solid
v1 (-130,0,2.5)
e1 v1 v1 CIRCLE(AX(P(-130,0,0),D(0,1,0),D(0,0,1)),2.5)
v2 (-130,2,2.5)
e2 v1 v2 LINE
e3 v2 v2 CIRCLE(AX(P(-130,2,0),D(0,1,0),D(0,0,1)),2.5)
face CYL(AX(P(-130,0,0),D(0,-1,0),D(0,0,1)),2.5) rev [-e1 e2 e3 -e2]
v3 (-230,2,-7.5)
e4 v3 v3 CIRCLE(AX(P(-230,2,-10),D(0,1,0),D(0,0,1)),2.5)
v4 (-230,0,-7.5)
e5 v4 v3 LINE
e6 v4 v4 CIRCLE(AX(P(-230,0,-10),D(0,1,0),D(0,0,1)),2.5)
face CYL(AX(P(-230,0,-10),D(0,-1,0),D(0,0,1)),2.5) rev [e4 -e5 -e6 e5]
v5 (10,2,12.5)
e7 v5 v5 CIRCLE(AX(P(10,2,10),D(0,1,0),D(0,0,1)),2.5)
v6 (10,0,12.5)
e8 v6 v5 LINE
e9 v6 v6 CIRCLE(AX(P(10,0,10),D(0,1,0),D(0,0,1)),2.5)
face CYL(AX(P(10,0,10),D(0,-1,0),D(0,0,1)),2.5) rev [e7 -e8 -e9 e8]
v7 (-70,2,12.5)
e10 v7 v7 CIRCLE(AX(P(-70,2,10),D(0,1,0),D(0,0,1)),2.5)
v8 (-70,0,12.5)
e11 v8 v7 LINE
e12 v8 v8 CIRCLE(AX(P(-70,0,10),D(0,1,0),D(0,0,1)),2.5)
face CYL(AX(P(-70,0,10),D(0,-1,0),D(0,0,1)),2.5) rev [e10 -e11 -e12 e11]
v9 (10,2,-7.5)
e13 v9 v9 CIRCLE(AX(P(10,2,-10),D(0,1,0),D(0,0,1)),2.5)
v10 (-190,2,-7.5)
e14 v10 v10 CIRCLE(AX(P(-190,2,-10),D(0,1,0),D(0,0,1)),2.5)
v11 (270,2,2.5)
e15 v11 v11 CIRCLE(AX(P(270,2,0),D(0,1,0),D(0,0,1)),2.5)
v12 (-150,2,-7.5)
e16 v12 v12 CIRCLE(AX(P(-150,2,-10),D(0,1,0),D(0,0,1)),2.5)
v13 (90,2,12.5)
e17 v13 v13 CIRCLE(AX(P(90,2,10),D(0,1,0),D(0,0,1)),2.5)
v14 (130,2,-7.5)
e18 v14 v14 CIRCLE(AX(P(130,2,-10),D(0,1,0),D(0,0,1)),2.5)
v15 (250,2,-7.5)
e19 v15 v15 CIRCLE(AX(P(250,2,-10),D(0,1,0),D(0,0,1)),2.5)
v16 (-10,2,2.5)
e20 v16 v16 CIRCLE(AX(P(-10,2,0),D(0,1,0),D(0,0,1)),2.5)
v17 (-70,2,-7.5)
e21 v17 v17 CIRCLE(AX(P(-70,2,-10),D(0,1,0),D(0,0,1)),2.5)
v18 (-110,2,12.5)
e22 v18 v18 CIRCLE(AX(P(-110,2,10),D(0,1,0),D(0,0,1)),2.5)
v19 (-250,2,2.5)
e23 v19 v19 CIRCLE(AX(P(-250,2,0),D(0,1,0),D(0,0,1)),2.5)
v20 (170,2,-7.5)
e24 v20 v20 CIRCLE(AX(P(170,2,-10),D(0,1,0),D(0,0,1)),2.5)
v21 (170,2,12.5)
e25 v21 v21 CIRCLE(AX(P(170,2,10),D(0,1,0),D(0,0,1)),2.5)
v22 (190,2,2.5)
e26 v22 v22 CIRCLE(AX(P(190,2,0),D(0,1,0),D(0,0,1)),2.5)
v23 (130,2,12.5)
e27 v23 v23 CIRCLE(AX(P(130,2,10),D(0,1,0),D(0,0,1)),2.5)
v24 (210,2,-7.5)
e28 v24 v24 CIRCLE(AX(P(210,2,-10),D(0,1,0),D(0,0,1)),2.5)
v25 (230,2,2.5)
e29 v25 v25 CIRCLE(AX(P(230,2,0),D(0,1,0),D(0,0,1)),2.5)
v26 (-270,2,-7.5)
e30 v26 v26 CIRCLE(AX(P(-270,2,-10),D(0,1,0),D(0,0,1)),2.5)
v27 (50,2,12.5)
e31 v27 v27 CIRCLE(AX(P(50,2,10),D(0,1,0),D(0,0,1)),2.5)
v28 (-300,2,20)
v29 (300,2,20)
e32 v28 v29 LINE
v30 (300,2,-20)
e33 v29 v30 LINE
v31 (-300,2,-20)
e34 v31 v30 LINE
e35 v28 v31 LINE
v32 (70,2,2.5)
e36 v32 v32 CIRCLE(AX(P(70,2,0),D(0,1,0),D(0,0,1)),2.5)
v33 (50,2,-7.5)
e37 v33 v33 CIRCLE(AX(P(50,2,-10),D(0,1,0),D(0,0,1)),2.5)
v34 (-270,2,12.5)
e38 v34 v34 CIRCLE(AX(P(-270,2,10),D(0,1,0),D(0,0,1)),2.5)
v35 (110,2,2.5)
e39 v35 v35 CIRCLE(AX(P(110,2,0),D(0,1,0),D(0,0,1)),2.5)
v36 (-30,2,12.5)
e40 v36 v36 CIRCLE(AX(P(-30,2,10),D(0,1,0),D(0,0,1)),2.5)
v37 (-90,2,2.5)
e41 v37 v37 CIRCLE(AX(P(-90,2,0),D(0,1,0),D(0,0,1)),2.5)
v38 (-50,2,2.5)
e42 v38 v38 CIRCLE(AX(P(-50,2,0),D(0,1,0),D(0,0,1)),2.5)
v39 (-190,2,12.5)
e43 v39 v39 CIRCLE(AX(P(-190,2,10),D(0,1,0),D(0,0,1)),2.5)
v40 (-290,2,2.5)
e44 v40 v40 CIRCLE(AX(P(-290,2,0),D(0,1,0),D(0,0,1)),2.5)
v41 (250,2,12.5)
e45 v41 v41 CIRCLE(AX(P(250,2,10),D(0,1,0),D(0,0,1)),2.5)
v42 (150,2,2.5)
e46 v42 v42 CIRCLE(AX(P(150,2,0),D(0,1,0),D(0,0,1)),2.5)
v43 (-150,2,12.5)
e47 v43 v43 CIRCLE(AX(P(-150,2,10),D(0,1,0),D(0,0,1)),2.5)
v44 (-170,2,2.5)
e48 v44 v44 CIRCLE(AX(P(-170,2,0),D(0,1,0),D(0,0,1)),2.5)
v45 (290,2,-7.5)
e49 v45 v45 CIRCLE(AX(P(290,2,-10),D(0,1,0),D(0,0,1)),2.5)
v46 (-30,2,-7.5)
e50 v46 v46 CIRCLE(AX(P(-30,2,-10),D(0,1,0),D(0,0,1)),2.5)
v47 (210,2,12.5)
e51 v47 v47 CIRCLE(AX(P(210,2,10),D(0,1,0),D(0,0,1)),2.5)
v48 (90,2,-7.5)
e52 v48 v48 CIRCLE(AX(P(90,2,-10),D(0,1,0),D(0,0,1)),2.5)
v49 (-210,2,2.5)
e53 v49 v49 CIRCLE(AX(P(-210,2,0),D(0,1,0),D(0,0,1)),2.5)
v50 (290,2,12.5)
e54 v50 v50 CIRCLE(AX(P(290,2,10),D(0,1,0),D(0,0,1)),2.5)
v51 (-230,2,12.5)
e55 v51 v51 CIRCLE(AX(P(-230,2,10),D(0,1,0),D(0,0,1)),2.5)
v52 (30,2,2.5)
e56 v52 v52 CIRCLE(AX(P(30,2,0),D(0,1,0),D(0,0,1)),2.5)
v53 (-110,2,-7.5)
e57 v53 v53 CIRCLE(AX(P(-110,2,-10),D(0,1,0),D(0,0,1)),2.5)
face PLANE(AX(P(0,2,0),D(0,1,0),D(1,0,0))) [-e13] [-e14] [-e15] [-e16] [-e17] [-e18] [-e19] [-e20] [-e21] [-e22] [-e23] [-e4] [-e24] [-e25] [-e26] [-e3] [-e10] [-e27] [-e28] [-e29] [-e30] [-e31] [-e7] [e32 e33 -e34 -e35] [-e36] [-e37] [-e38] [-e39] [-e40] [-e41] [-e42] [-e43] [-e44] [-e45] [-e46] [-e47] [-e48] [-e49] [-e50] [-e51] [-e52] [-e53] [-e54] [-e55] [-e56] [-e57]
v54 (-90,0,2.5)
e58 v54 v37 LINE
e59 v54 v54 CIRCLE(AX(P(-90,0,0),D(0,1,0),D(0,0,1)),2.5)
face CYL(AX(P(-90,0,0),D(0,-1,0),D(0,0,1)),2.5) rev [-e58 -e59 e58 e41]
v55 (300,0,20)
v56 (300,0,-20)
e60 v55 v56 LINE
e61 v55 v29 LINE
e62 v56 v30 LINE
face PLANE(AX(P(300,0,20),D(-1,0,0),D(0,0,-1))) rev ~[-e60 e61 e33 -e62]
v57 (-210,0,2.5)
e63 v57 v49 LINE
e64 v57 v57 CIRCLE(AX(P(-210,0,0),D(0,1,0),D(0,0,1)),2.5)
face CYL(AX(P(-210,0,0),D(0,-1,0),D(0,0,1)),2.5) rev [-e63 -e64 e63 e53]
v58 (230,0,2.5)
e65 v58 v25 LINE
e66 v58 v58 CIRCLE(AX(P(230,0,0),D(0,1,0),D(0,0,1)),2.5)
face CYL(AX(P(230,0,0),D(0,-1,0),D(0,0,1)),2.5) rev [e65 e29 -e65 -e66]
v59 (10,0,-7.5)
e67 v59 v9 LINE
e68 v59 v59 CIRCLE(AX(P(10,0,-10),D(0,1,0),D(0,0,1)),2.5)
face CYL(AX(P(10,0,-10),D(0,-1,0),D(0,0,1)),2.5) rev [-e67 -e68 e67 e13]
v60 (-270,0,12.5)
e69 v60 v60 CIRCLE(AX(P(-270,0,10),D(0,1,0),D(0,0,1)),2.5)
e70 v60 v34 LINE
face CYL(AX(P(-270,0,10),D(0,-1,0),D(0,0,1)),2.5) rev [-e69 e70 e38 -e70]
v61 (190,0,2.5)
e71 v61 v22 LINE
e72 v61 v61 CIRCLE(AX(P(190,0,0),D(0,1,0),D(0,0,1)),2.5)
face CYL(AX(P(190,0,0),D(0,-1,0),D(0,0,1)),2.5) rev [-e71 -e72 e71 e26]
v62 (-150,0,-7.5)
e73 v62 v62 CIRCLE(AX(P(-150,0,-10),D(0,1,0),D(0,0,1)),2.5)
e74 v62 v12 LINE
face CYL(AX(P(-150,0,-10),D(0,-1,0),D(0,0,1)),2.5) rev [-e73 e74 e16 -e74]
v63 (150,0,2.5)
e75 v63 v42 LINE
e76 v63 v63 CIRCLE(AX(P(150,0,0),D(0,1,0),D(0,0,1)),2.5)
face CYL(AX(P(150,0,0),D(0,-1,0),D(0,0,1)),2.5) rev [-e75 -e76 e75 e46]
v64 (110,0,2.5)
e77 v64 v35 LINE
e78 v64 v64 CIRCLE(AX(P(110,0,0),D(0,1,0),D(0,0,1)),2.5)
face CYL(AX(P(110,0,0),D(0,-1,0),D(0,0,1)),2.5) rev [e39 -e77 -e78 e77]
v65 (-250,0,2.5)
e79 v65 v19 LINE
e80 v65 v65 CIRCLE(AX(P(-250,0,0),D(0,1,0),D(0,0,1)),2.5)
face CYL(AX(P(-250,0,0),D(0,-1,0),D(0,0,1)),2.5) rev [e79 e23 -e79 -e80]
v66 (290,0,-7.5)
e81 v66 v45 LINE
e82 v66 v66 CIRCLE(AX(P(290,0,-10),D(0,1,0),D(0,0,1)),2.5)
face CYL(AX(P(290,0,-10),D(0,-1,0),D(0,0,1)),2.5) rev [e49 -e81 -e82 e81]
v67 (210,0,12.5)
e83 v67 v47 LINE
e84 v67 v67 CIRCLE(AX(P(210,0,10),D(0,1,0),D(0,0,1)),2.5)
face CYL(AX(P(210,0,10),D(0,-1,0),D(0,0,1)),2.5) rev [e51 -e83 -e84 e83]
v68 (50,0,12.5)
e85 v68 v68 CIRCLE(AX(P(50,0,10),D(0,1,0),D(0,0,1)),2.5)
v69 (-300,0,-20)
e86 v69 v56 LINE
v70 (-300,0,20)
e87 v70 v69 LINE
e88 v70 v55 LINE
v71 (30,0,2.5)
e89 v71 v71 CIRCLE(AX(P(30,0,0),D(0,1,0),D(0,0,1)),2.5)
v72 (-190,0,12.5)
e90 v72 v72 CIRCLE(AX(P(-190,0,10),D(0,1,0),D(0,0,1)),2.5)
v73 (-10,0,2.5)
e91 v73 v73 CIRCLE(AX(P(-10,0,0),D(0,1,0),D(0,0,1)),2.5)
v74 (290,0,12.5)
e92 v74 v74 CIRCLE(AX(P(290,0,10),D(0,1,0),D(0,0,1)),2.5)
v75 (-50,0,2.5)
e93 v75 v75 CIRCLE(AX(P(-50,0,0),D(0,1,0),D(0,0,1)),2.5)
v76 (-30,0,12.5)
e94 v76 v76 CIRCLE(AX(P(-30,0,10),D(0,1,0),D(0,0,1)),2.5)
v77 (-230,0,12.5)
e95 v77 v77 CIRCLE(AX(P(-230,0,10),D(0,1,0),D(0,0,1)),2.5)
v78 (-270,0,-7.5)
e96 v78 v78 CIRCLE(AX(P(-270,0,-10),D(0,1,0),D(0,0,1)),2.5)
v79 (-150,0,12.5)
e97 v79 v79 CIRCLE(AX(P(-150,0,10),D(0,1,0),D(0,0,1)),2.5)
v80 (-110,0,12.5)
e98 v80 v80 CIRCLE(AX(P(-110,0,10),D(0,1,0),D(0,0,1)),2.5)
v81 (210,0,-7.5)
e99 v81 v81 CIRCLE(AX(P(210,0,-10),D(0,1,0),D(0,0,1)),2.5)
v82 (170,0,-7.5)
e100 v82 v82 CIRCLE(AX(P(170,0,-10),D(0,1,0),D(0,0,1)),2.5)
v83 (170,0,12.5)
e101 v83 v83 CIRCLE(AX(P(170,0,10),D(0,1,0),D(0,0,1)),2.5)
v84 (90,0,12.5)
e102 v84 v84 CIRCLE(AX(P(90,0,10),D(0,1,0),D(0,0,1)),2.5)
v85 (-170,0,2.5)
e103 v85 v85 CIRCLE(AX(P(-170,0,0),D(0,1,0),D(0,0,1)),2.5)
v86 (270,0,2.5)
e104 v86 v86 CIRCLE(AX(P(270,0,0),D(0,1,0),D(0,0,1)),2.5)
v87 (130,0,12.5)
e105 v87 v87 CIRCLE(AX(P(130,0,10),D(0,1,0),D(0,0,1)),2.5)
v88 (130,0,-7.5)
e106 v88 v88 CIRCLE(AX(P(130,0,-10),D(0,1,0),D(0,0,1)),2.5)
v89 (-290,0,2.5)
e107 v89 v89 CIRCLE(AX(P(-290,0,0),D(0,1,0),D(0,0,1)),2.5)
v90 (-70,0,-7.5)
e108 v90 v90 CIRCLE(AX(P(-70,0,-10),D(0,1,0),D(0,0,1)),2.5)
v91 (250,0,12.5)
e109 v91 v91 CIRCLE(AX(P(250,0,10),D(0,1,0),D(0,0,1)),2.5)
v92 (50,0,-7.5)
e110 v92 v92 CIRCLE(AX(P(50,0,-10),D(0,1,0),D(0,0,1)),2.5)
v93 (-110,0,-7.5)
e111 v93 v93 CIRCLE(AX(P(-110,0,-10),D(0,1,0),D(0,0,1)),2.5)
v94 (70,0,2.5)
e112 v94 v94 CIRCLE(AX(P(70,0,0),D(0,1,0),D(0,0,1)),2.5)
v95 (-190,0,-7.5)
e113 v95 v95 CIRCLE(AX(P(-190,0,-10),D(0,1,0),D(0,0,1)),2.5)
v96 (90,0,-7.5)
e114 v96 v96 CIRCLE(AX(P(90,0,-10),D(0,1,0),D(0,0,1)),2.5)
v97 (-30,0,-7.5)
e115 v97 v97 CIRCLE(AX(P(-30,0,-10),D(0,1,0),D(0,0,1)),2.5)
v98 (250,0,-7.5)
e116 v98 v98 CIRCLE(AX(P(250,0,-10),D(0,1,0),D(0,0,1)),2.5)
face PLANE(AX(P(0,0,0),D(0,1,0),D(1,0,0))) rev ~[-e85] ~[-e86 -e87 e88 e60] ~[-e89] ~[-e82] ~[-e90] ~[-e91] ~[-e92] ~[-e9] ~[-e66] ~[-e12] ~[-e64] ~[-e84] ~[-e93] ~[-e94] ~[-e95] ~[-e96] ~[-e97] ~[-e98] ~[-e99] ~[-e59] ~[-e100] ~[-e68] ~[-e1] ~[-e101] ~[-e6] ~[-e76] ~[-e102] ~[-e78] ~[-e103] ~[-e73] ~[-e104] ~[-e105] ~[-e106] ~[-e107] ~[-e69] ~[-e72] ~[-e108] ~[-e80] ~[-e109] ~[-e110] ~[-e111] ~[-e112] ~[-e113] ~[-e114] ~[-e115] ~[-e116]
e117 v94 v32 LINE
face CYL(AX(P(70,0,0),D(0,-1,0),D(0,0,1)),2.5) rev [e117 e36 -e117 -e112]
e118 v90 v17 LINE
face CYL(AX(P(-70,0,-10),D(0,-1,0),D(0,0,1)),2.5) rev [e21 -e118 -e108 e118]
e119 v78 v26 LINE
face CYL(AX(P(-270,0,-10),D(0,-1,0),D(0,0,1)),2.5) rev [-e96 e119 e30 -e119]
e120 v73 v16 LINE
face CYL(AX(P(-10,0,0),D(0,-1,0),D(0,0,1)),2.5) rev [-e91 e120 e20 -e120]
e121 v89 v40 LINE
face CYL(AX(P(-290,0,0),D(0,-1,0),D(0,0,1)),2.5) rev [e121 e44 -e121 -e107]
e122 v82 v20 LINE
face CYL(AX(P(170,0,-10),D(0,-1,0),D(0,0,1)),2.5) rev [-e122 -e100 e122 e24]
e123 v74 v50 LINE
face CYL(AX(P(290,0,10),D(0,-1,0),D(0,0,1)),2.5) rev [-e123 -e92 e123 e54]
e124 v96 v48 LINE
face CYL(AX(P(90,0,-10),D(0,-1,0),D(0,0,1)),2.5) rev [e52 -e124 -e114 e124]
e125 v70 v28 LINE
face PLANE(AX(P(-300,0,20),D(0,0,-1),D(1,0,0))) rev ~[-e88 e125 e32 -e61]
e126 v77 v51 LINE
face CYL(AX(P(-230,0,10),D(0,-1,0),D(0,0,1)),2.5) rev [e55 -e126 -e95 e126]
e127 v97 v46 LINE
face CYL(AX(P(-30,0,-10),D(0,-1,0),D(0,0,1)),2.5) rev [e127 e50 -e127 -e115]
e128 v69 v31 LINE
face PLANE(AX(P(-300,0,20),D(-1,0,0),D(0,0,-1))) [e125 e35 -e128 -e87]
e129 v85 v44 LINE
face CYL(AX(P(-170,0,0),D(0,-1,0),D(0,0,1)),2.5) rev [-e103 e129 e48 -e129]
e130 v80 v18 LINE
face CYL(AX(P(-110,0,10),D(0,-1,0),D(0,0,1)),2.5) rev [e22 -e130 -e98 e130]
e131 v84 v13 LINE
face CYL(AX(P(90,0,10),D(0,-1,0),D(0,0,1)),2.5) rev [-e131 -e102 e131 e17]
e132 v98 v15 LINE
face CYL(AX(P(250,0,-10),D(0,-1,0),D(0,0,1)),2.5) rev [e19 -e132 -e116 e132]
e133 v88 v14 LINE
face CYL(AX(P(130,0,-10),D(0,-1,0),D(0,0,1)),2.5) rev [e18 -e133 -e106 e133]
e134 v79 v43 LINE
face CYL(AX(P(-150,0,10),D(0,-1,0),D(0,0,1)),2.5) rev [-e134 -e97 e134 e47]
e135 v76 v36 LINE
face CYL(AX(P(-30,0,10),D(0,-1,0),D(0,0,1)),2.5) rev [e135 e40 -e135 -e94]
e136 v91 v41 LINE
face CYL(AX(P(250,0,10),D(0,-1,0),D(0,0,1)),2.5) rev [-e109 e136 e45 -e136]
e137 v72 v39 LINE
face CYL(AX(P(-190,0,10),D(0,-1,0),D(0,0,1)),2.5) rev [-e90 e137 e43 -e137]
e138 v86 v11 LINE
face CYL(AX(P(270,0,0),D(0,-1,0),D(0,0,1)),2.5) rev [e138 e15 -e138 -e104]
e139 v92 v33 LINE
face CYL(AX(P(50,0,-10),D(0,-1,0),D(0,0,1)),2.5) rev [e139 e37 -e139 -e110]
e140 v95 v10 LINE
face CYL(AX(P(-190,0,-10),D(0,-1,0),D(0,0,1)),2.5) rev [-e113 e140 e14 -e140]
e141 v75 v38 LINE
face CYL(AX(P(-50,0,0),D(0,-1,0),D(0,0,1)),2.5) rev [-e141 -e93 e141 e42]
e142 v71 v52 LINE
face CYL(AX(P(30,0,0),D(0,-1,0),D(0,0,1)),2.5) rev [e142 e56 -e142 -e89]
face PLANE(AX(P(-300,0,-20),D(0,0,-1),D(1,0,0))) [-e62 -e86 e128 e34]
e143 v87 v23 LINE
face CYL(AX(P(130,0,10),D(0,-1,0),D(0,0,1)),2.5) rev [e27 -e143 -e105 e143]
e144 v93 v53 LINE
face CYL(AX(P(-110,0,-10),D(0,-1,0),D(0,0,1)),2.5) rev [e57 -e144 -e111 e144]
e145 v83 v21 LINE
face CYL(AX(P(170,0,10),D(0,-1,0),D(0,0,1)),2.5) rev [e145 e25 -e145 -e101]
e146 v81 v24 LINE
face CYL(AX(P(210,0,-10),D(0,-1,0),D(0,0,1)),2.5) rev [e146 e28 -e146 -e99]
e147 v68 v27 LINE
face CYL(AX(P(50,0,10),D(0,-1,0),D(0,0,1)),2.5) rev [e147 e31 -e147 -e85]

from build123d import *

# Parameters (mm, degrees)
SKETCH_1_W      = 600
SKETCH_1_H      = 40
SKETCH_1_R      = 2.5
EXTRUDE_1_DEPTH = 2


with BuildPart() as part:
    # Эскиз1 → Бобышка-Вытянуть1 (new body)
    with BuildSketch(Plane(origin=(0, 0, 0), x_dir=(1, 0, 0), z_dir=(0, 1, 0))):
        Rectangle(SKETCH_1_W, SKETCH_1_H)
        with Locations(Location((-290, 0, 0), (0, 0, 270))):
            Circle(SKETCH_1_R, mode=Mode.SUBTRACT)
        with Locations(Location((-270, 10, 0), (0, 0, 270))):
            Circle(SKETCH_1_R, mode=Mode.SUBTRACT)
        with Locations(Location((-270, -10, 0), (0, 0, 270))):
            Circle(SKETCH_1_R, mode=Mode.SUBTRACT)
        with Locations(Location((-230, 10, 0), (0, 0, 270))):
            Circle(SKETCH_1_R, mode=Mode.SUBTRACT)
        with Locations(Location((-230, -10, 0), (0, 0, 270))):
            Circle(SKETCH_1_R, mode=Mode.SUBTRACT)
        with Locations(Location((-250, 0, 0), (0, 0, 270))):
            Circle(SKETCH_1_R, mode=Mode.SUBTRACT)
        with Locations(Location((-190, 10, 0), (0, 0, 270))):
            Circle(SKETCH_1_R, mode=Mode.SUBTRACT)
        with Locations(Location((-190, -10, 0), (0, 0, 270))):
            Circle(SKETCH_1_R, mode=Mode.SUBTRACT)
        with Locations(Location((-210, 0, 0), (0, 0, 270))):
            Circle(SKETCH_1_R, mode=Mode.SUBTRACT)
        with Locations(Location((-150, 10, 0), (0, 0, 270))):
            Circle(SKETCH_1_R, mode=Mode.SUBTRACT)
        with Locations(Location((-150, -10, 0), (0, 0, 270))):
            Circle(SKETCH_1_R, mode=Mode.SUBTRACT)
        with Locations(Location((-170, 0, 0), (0, 0, 270))):
            Circle(SKETCH_1_R, mode=Mode.SUBTRACT)
        with Locations(Location((-110, 10, 0), (0, 0, 270))):
            Circle(SKETCH_1_R, mode=Mode.SUBTRACT)
        with Locations(Location((-110, -10, 0), (0, 0, 270))):
            Circle(SKETCH_1_R, mode=Mode.SUBTRACT)
        with Locations(Location((-130, 0, 0), (0, 0, 270))):
            Circle(SKETCH_1_R, mode=Mode.SUBTRACT)
        with Locations(Location((-70, 10, 0), (0, 0, 270))):
            Circle(SKETCH_1_R, mode=Mode.SUBTRACT)
        with Locations(Location((-70, -10, 0), (0, 0, 270))):
            Circle(SKETCH_1_R, mode=Mode.SUBTRACT)
        with Locations(Location((-90, 0, 0), (0, 0, 270))):
            Circle(SKETCH_1_R, mode=Mode.SUBTRACT)
        with Locations(Location((-30, 10, 0), (0, 0, 270))):
            Circle(SKETCH_1_R, mode=Mode.SUBTRACT)
        with Locations(Location((-30, -10, 0), (0, 0, 270))):
            Circle(SKETCH_1_R, mode=Mode.SUBTRACT)
        with Locations(Location((-50, 0, 0), (0, 0, 270))):
            Circle(SKETCH_1_R, mode=Mode.SUBTRACT)
        with Locations(Location((10, 10, 0), (0, 0, 270))):
            Circle(SKETCH_1_R, mode=Mode.SUBTRACT)
        with Locations(Location((10, -10, 0), (0, 0, 270))):
            Circle(SKETCH_1_R, mode=Mode.SUBTRACT)
        with Locations(Location((-10, 0, 0), (0, 0, 270))):
            Circle(SKETCH_1_R, mode=Mode.SUBTRACT)
        with Locations(Location((50, 10, 0), (0, 0, 270))):
            Circle(SKETCH_1_R, mode=Mode.SUBTRACT)
        with Locations(Location((50, -10, 0), (0, 0, 270))):
            Circle(SKETCH_1_R, mode=Mode.SUBTRACT)
        with Locations(Location((30, 0, 0), (0, 0, 270))):
            Circle(SKETCH_1_R, mode=Mode.SUBTRACT)
        with Locations(Location((90, 10, 0), (0, 0, 270))):
            Circle(SKETCH_1_R, mode=Mode.SUBTRACT)
        with Locations(Location((90, -10, 0), (0, 0, 270))):
            Circle(SKETCH_1_R, mode=Mode.SUBTRACT)
        with Locations(Location((70, 0, 0), (0, 0, 270))):
            Circle(SKETCH_1_R, mode=Mode.SUBTRACT)
        with Locations(Location((130, 10, 0), (0, 0, 270))):
            Circle(SKETCH_1_R, mode=Mode.SUBTRACT)
        with Locations(Location((130, -10, 0), (0, 0, 270))):
            Circle(SKETCH_1_R, mode=Mode.SUBTRACT)
        with Locations(Location((110, 0, 0), (0, 0, 270))):
            Circle(SKETCH_1_R, mode=Mode.SUBTRACT)
        with Locations(Location((170, 10, 0), (0, 0, 270))):
            Circle(SKETCH_1_R, mode=Mode.SUBTRACT)
        with Locations(Location((170, -10, 0), (0, 0, 270))):
            Circle(SKETCH_1_R, mode=Mode.SUBTRACT)
        with Locations(Location((150, 0, 0), (0, 0, 270))):
            Circle(SKETCH_1_R, mode=Mode.SUBTRACT)
        with Locations(Location((210, 10, 0), (0, 0, 270))):
            Circle(SKETCH_1_R, mode=Mode.SUBTRACT)
        with Locations(Location((210, -10, 0), (0, 0, 270))):
            Circle(SKETCH_1_R, mode=Mode.SUBTRACT)
        with Locations(Location((190, 0, 0), (0, 0, 270))):
            Circle(SKETCH_1_R, mode=Mode.SUBTRACT)
        with Locations(Location((250, 10, 0), (0, 0, 270))):
            Circle(SKETCH_1_R, mode=Mode.SUBTRACT)
        with Locations(Location((250, -10, 0), (0, 0, 270))):
            Circle(SKETCH_1_R, mode=Mode.SUBTRACT)
        with Locations(Location((230, 0, 0), (0, 0, 270))):
            Circle(SKETCH_1_R, mode=Mode.SUBTRACT)
        with Locations(Location((290, 10, 0), (0, 0, 270))):
            Circle(SKETCH_1_R, mode=Mode.SUBTRACT)
        with Locations(Location((290, -10, 0), (0, 0, 270))):
            Circle(SKETCH_1_R, mode=Mode.SUBTRACT)
        with Locations(Location((270, 0, 0), (0, 0, 270))):
            Circle(SKETCH_1_R, mode=Mode.SUBTRACT)
    extrude(amount=EXTRUDE_1_DEPTH)


solid = part.part
